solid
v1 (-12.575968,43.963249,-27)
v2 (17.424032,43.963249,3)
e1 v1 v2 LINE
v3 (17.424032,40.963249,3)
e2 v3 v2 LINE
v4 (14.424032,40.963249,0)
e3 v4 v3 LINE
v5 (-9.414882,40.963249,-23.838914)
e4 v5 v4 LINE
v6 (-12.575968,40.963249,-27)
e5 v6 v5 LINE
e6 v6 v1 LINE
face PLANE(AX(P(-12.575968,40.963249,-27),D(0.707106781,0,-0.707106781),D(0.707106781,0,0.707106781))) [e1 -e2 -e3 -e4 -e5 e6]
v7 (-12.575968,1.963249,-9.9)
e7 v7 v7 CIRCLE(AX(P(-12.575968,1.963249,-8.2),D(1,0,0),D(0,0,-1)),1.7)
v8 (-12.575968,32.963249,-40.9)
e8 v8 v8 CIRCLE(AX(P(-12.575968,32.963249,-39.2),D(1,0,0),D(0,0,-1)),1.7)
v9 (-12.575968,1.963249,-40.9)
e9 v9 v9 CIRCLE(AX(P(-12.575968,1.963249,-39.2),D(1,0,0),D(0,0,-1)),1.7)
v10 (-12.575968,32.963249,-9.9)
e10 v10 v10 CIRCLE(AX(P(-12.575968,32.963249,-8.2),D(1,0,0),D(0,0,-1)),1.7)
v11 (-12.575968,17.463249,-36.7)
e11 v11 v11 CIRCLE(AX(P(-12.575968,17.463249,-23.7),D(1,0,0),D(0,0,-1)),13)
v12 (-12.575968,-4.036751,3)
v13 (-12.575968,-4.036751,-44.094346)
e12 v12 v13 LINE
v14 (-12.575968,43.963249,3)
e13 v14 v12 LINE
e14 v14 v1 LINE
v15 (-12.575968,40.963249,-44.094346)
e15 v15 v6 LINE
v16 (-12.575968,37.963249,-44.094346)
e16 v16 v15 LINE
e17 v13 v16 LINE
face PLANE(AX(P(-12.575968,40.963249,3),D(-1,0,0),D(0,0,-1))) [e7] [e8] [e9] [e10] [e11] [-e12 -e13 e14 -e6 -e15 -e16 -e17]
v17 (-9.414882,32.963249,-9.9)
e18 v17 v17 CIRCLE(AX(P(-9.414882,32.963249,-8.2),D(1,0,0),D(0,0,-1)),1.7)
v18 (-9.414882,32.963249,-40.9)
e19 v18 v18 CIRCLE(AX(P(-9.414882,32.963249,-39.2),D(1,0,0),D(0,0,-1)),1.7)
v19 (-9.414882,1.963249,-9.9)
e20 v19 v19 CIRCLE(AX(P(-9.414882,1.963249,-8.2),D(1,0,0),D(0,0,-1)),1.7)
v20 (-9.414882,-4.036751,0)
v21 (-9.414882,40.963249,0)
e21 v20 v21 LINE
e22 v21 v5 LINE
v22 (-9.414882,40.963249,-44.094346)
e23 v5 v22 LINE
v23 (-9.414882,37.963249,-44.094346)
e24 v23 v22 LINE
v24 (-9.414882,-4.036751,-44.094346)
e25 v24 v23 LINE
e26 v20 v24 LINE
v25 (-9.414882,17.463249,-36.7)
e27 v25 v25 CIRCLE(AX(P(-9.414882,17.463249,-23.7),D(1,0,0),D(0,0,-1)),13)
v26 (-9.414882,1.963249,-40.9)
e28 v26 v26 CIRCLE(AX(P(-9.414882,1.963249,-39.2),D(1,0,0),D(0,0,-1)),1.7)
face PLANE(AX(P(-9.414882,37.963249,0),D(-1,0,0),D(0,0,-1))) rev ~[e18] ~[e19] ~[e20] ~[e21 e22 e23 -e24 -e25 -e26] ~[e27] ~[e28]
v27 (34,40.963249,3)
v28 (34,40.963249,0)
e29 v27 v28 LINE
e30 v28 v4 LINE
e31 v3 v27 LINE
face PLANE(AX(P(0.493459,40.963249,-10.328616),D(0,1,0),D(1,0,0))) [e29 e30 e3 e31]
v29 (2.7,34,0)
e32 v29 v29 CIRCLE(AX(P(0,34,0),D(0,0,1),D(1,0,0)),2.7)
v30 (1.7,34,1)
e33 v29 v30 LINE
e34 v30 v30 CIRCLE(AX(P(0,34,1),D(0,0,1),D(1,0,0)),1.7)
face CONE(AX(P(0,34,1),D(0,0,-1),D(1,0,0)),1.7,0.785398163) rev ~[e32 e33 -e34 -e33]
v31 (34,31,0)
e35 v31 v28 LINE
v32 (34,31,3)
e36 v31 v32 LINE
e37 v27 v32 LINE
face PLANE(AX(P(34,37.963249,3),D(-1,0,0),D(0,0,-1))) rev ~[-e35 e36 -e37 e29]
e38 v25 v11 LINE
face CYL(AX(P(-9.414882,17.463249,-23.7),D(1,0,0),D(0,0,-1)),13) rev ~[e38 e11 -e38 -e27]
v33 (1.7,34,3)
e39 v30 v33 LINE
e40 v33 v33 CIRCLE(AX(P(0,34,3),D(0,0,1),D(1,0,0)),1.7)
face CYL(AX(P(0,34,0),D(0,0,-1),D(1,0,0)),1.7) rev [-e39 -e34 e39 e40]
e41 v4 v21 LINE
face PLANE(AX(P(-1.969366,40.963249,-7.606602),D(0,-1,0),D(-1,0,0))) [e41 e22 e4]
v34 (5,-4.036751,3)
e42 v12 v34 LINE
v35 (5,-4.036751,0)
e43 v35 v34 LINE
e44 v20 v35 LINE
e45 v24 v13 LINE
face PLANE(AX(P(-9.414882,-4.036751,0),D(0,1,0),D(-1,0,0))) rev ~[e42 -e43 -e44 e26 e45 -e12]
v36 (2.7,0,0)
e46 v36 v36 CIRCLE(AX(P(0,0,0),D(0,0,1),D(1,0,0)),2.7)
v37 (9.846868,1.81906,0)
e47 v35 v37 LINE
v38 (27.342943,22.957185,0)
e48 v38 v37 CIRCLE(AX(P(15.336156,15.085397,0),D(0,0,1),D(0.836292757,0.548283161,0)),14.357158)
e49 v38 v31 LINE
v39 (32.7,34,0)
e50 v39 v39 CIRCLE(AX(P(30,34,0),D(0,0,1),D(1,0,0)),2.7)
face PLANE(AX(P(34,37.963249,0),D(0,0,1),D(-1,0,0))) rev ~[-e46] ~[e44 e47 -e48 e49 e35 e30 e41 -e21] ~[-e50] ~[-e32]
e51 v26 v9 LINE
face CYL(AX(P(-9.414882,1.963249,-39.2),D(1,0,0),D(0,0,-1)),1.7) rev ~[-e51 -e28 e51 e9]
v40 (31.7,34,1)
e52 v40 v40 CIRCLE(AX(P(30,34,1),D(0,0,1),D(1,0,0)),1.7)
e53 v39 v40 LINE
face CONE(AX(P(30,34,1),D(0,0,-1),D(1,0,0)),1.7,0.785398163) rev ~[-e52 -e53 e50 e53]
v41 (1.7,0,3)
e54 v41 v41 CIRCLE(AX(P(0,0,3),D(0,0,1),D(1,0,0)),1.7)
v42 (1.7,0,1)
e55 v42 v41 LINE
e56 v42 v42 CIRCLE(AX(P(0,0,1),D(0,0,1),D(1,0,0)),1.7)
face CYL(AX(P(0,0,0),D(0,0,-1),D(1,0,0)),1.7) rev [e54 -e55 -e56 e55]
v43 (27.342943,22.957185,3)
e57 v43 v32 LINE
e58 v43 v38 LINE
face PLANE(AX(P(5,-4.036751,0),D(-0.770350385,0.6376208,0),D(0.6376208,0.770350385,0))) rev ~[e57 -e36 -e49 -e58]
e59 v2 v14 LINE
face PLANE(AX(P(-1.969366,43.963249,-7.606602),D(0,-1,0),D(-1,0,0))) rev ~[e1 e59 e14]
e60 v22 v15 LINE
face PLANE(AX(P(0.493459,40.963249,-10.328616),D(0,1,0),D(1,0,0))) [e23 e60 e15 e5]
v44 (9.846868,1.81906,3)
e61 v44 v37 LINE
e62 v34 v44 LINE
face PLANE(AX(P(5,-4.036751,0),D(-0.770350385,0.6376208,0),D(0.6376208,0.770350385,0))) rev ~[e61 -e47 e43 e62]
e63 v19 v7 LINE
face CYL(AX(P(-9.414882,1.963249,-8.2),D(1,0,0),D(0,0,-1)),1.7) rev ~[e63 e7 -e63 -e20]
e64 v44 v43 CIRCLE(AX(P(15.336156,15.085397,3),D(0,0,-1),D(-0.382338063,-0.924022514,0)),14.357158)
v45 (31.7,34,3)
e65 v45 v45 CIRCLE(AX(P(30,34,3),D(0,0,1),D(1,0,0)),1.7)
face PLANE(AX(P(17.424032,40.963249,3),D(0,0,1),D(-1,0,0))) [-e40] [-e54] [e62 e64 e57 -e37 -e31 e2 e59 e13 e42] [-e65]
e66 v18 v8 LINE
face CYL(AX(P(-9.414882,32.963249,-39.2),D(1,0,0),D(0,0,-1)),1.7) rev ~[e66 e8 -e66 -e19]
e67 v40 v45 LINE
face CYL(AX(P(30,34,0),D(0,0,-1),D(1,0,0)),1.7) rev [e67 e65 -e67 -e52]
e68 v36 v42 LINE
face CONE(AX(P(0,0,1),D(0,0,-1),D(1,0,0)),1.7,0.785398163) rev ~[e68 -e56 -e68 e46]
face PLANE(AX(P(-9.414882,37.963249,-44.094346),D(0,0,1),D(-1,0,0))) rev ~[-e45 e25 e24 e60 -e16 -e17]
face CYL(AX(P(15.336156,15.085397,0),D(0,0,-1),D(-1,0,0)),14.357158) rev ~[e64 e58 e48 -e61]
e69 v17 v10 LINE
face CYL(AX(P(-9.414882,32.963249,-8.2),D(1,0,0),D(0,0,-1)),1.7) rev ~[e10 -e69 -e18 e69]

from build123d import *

# Parameters (mm, degrees)
SKETCH_1_R          = 1.7
EXTRUDE_1_DEPTH     = 3
SKETCH_2_W          = 3.161086378
SKETCH_2_H          = 42
EXTRUDE_2_DEPTH     = 45
SKETCH_3_R          = 1.7
SKETCH_3_R_2        = 13
CUT_EXTRUDE_1_DEPTH = 45
SKETCH_4_R          = 14.357158039
CUT_EXTRUDE_2_DEPTH = 5
SKETCH_5_W          = 3.756135355
SKETCH_5_H          = 42.889588607
CUT_EXTRUDE_3_DEPTH = 5
CHAMFER_1_SIZE      = 1
EXTRUDE_3_DEPTH     = 3
EXTRUDE_4_DEPTH     = 3


with BuildPart() as part:
    # Эскиз1 → Бобышка-Вытянуть1 (new body)
    with BuildSketch(Plane.XY):
        Polygon((34, 31), (34, 34), (34, 37.963249048), (-1.7, 37.963249048), (-6, 37.963249048), (-12.575968026, 37.963249048), (-12.575968026, -4.036750952), (-6, -4.036750952), (5, -4.036750952), align=None)
        Circle(SKETCH_1_R, mode=Mode.SUBTRACT)
        with Locations((0, 34)):
            Circle(SKETCH_1_R, mode=Mode.SUBTRACT)
        with Locations((30, 34)):
            Circle(SKETCH_1_R, mode=Mode.SUBTRACT)
    extrude(amount=EXTRUDE_1_DEPTH)

    # Эскиз2 → Бобышка-Вытянуть2 (add)
    with BuildSketch(Plane(origin=(0, 0, 0), x_dir=(-1, 0, 0), z_dir=(0, 0, -1))):
        with Locations((10.995424837, 16.963249048)):
            Rectangle(SKETCH_2_W, SKETCH_2_H)
    extrude(amount=EXTRUDE_2_DEPTH)

    # Эскиз3 → Вырез-Вытянуть1 (cut)
    with BuildSketch(Plane(origin=(-9.414881648, 0, 0), x_dir=(0, 0, -1), z_dir=(1, 0, 0))):
        with Locations((8.2, 32.963249048)):
            Circle(SKETCH_3_R)
        with Locations((8.2, 1.963249048)):
            Circle(SKETCH_3_R)
        with Locations((39.2, 1.963249048)):
            Circle(SKETCH_3_R)
        with Locations((39.2, 32.963249048)):
            Circle(SKETCH_3_R)
        with Locations((23.7, 17.463249048)):
            Circle(SKETCH_3_R_2)
    extrude(amount=-CUT_EXTRUDE_1_DEPTH, mode=Mode.SUBTRACT)

    # Эскиз4 → Вырез-Вытянуть2 (cut)
    with BuildSketch(Plane(origin=(0, 0, 0), x_dir=(-1, 0, 0), z_dir=(0, 0, -1))):
        with Locations((-15.336156096, 15.085397016)):
            Circle(SKETCH_4_R)
    extrude(amount=-CUT_EXTRUDE_2_DEPTH, mode=Mode.SUBTRACT)

    # Эскиз5 → Вырез-Вытянуть3 (cut)
    with BuildSketch(Plane(origin=(-9.414881648, 0, 0), x_dir=(0, 0, -1), z_dir=(1, 0, 0))):
        with Locations((45.97241361, 16.518454745)):
            Rectangle(SKETCH_5_W, SKETCH_5_H)
    extrude(amount=-CUT_EXTRUDE_3_DEPTH, mode=Mode.SUBTRACT)

    # Фаска1
    chamfer_1_edges = [part.edges().sort_by_distance(p)[0] for p in [
        (28.3, 34, 0),
        (-1.7, 34, 0),
        (-1.7, 0, 0),
    ]]
    chamfer(chamfer_1_edges, length=CHAMFER_1_SIZE)

    # Эскиз6 → Бобышка-Вытянуть3 (add)
    with BuildSketch(Plane(origin=(0, 37.963249048, 0), x_dir=(1, 0, 0), z_dir=(0, 1, 0))):
        Polygon((34, -3), (34, 0), (-9.414881648, 0), (-9.414881648, 44.094345932), (-12.575968026, 44.094345932), (-12.575968026, -3), align=None)
    extrude(amount=EXTRUDE_3_DEPTH)

    # Эскиз7 → Бобышка-Вытянуть4 (add)
    with BuildSketch(Plane(origin=(0, 40.963249048, 0), x_dir=(1, 0, 0), z_dir=(0, 1, 0))):
        Polygon((17.424031974, -3), (-12.575968026, -3), (-12.575968026, 27), align=None)
    extrude(amount=EXTRUDE_4_DEPTH)


solid = part.part
